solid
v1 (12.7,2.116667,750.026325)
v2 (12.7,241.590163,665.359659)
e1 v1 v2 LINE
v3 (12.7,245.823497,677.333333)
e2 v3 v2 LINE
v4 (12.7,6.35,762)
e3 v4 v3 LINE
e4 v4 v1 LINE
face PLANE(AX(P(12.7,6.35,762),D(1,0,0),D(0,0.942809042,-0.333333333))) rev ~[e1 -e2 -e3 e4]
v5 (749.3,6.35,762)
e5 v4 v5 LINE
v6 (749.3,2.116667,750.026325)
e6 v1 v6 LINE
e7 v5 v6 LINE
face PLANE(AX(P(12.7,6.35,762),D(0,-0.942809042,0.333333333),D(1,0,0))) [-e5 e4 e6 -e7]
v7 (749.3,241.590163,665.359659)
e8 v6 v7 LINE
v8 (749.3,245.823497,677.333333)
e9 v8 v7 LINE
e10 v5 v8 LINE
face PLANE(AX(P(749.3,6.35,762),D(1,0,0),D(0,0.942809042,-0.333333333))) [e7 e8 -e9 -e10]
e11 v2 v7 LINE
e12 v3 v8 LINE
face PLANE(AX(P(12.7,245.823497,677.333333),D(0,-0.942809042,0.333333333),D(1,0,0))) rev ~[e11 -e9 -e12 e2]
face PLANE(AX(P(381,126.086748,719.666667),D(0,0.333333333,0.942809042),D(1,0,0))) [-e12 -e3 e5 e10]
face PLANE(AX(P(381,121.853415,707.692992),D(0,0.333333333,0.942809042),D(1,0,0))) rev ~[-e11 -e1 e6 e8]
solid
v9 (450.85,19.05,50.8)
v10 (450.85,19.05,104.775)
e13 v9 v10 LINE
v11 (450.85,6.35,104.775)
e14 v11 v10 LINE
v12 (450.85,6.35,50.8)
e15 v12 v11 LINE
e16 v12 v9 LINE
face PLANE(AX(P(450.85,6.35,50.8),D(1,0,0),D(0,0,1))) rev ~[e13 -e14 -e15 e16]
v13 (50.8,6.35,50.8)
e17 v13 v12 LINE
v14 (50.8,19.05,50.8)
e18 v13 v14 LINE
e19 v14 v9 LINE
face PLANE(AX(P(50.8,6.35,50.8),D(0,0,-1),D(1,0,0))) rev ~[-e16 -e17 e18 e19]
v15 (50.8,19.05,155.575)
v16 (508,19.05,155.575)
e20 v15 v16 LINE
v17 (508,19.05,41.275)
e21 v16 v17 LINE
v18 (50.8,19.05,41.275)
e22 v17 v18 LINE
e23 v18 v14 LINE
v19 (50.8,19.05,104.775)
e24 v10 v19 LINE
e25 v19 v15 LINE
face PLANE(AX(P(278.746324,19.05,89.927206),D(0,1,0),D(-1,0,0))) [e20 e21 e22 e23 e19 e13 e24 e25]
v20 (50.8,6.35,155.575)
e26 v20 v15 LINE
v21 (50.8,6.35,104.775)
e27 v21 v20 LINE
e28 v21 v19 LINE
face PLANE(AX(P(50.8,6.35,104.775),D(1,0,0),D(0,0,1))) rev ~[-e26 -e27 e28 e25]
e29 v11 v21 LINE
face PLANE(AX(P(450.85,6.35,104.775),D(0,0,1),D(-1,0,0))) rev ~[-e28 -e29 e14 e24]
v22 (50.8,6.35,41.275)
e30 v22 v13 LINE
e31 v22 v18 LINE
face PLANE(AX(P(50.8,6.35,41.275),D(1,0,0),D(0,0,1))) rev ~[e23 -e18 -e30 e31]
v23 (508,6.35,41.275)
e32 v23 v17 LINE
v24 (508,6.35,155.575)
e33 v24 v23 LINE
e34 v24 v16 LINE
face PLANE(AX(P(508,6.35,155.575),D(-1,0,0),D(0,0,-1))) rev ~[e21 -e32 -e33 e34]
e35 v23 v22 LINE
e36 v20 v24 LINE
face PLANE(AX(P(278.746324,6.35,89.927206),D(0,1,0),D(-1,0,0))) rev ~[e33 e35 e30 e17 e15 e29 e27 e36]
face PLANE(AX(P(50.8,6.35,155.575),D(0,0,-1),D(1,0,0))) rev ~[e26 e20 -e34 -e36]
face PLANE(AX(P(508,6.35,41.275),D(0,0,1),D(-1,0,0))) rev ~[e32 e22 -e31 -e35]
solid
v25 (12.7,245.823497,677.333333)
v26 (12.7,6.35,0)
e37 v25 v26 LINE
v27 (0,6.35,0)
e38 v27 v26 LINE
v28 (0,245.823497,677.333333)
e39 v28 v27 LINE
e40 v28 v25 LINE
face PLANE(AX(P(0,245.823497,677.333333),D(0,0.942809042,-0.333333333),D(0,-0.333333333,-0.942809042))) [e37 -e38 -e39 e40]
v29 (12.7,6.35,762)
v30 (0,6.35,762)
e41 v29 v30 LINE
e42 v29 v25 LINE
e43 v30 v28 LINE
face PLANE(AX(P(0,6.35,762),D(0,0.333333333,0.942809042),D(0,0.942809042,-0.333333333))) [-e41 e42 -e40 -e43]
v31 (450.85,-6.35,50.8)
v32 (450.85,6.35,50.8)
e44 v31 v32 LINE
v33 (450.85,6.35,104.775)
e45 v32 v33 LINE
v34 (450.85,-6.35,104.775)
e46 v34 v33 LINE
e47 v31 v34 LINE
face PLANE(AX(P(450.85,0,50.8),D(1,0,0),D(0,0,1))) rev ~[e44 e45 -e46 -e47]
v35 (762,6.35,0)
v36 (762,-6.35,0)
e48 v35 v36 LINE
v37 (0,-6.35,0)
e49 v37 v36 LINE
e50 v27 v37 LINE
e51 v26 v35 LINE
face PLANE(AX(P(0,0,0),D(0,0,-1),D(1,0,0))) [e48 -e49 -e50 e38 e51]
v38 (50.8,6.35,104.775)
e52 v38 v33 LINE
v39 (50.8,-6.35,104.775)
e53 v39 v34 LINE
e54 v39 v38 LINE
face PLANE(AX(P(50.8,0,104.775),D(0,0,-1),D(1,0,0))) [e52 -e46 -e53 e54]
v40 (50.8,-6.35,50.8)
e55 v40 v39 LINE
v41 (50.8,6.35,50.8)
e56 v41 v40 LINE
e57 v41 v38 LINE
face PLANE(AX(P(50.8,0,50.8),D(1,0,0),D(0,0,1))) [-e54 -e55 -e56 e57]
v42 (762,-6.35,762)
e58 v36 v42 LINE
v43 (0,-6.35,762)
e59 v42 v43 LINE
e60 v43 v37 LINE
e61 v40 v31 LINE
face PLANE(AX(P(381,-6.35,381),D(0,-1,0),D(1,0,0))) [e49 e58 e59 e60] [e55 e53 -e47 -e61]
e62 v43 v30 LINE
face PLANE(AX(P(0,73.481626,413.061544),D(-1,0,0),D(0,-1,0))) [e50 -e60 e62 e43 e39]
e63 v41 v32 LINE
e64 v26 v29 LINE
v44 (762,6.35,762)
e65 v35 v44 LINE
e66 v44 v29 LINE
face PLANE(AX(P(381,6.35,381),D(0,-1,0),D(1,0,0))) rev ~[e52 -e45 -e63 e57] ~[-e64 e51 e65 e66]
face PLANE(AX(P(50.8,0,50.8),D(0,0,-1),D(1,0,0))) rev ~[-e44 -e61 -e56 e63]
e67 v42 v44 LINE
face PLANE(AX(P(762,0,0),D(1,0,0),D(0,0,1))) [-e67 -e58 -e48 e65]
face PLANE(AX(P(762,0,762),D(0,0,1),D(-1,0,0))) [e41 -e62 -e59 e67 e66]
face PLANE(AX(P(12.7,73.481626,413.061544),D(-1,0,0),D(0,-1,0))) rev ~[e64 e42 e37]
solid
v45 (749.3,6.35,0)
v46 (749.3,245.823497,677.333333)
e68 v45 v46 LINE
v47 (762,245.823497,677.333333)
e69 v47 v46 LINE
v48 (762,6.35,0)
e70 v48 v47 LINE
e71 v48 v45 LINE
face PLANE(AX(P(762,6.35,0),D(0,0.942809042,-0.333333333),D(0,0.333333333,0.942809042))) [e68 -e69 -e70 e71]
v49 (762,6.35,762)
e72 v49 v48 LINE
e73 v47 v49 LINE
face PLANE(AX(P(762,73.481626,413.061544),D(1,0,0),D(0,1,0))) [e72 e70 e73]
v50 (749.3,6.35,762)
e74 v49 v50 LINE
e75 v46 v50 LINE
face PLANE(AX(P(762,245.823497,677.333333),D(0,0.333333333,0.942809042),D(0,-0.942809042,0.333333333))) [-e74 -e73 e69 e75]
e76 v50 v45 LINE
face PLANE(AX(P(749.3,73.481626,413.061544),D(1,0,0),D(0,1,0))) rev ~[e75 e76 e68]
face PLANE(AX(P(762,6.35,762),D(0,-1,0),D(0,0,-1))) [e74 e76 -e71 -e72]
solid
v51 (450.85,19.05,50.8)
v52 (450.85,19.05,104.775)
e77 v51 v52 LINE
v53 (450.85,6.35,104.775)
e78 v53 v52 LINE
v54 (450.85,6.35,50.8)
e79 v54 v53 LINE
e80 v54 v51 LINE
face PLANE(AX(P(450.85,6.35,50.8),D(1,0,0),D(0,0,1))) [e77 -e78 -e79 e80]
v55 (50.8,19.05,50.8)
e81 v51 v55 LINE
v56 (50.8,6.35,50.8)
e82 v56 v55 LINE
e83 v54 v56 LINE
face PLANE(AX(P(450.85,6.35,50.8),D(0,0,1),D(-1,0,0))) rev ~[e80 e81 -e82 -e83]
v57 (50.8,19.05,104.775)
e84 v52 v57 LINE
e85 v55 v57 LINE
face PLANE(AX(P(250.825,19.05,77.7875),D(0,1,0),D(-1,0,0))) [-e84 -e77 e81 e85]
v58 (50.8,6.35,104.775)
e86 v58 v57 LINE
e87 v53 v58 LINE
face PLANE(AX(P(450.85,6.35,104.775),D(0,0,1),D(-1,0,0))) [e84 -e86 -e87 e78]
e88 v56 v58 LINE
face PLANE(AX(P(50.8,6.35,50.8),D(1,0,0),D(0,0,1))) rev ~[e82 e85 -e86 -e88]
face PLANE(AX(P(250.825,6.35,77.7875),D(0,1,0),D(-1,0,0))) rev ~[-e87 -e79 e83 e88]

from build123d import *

# Parameters (mm, degrees)
F0_W      = 400.05
F0_H      = 53.975
F1_DEPTH  = 6.35
F3_DEPTH  = 6.35
F4_W      = 400.05
F4_H      = 53.975
F5_DEPTH  = 12.7
F6_DEPTH  = 12.7
F8_DEPTH  = 12.7
F10_DEPTH = 12.7
F11_W     = 736.6
F11_H     = 254
F12_DEPTH = 12.7


with BuildPart() as f1:
    # F0 (on Front) → F1 (new body)
    with BuildSketch(Plane.XZ):
        Polygon((0, 762), (0, 0), (50.8, 0), (762, 0), (762, 762), align=None)
        with Locations((250.825, 77.7875)):
            Rectangle(F0_W, F0_H, mode=Mode.SUBTRACT)
    extrude(amount=F1_DEPTH)

    # F3 (add): a face of the model
    f3_faces = [f1.faces().sort_by_distance(p)[0] for p in [
        (386.0278562155, 0, 392.711226063),
    ]]
    extrude(f3_faces, amount=F3_DEPTH)

    # F9 (on face) → F10 (join)
    with BuildSketch(Plane(origin=(0, 0, 0), x_dir=(0, -1, 0), z_dir=(-1, 0, 0))):
        Polygon((-6.35, 0), (-6.35, 762), (-245.8234965618, 677.3333333333), align=None)
    extrude(amount=-F10_DEPTH)


with BuildPart() as f5:
    # F4 (on face) → F5 (new body)
    with BuildSketch(Plane(origin=(0, 6.35, 0), x_dir=(-1, 0, 0), z_dir=(0, 1, 0))):
        with Locations((-250.825, 77.7875)):
            Rectangle(F4_W, F4_H)
    extrude(amount=F5_DEPTH)


with BuildPart() as f6:
    # F4 (on face) → F6 (new body)
    with BuildSketch(Plane(origin=(0, 6.35, 0), x_dir=(-1, 0, 0), z_dir=(0, 1, 0))):
        Polygon((-450.85, 104.775), (-50.8, 104.775), (-50.8, 155.575), (-508, 155.575), (-508, 41.275), (-50.8, 41.275), (-50.8, 50.8), (-450.85, 50.8), align=None)
    extrude(amount=F6_DEPTH)


with BuildPart() as f8:
    # F7 (on face) → F8 (new body)
    with BuildSketch(Plane.YZ.offset(762)):
        Polygon((245.8234965618, 677.3333333333), (6.35, 762), (6.35, 0), align=None)
    extrude(amount=-F8_DEPTH)


with BuildPart() as f12:
    # F11 (on face) → F12 (new body)
    with BuildSketch(Plane(origin=(0, 240.1790521174, 679.3289458047), x_dir=(1, 0, 0), z_dir=(0, 0.3333333333, 0.9428090416))):
        with Locations((381, -121.013162586)):
            Rectangle(F11_W, F11_H)
    extrude(amount=-F12_DEPTH)


solid = Compound([f1.part, f5.part, f6.part, f8.part, f12.part])
